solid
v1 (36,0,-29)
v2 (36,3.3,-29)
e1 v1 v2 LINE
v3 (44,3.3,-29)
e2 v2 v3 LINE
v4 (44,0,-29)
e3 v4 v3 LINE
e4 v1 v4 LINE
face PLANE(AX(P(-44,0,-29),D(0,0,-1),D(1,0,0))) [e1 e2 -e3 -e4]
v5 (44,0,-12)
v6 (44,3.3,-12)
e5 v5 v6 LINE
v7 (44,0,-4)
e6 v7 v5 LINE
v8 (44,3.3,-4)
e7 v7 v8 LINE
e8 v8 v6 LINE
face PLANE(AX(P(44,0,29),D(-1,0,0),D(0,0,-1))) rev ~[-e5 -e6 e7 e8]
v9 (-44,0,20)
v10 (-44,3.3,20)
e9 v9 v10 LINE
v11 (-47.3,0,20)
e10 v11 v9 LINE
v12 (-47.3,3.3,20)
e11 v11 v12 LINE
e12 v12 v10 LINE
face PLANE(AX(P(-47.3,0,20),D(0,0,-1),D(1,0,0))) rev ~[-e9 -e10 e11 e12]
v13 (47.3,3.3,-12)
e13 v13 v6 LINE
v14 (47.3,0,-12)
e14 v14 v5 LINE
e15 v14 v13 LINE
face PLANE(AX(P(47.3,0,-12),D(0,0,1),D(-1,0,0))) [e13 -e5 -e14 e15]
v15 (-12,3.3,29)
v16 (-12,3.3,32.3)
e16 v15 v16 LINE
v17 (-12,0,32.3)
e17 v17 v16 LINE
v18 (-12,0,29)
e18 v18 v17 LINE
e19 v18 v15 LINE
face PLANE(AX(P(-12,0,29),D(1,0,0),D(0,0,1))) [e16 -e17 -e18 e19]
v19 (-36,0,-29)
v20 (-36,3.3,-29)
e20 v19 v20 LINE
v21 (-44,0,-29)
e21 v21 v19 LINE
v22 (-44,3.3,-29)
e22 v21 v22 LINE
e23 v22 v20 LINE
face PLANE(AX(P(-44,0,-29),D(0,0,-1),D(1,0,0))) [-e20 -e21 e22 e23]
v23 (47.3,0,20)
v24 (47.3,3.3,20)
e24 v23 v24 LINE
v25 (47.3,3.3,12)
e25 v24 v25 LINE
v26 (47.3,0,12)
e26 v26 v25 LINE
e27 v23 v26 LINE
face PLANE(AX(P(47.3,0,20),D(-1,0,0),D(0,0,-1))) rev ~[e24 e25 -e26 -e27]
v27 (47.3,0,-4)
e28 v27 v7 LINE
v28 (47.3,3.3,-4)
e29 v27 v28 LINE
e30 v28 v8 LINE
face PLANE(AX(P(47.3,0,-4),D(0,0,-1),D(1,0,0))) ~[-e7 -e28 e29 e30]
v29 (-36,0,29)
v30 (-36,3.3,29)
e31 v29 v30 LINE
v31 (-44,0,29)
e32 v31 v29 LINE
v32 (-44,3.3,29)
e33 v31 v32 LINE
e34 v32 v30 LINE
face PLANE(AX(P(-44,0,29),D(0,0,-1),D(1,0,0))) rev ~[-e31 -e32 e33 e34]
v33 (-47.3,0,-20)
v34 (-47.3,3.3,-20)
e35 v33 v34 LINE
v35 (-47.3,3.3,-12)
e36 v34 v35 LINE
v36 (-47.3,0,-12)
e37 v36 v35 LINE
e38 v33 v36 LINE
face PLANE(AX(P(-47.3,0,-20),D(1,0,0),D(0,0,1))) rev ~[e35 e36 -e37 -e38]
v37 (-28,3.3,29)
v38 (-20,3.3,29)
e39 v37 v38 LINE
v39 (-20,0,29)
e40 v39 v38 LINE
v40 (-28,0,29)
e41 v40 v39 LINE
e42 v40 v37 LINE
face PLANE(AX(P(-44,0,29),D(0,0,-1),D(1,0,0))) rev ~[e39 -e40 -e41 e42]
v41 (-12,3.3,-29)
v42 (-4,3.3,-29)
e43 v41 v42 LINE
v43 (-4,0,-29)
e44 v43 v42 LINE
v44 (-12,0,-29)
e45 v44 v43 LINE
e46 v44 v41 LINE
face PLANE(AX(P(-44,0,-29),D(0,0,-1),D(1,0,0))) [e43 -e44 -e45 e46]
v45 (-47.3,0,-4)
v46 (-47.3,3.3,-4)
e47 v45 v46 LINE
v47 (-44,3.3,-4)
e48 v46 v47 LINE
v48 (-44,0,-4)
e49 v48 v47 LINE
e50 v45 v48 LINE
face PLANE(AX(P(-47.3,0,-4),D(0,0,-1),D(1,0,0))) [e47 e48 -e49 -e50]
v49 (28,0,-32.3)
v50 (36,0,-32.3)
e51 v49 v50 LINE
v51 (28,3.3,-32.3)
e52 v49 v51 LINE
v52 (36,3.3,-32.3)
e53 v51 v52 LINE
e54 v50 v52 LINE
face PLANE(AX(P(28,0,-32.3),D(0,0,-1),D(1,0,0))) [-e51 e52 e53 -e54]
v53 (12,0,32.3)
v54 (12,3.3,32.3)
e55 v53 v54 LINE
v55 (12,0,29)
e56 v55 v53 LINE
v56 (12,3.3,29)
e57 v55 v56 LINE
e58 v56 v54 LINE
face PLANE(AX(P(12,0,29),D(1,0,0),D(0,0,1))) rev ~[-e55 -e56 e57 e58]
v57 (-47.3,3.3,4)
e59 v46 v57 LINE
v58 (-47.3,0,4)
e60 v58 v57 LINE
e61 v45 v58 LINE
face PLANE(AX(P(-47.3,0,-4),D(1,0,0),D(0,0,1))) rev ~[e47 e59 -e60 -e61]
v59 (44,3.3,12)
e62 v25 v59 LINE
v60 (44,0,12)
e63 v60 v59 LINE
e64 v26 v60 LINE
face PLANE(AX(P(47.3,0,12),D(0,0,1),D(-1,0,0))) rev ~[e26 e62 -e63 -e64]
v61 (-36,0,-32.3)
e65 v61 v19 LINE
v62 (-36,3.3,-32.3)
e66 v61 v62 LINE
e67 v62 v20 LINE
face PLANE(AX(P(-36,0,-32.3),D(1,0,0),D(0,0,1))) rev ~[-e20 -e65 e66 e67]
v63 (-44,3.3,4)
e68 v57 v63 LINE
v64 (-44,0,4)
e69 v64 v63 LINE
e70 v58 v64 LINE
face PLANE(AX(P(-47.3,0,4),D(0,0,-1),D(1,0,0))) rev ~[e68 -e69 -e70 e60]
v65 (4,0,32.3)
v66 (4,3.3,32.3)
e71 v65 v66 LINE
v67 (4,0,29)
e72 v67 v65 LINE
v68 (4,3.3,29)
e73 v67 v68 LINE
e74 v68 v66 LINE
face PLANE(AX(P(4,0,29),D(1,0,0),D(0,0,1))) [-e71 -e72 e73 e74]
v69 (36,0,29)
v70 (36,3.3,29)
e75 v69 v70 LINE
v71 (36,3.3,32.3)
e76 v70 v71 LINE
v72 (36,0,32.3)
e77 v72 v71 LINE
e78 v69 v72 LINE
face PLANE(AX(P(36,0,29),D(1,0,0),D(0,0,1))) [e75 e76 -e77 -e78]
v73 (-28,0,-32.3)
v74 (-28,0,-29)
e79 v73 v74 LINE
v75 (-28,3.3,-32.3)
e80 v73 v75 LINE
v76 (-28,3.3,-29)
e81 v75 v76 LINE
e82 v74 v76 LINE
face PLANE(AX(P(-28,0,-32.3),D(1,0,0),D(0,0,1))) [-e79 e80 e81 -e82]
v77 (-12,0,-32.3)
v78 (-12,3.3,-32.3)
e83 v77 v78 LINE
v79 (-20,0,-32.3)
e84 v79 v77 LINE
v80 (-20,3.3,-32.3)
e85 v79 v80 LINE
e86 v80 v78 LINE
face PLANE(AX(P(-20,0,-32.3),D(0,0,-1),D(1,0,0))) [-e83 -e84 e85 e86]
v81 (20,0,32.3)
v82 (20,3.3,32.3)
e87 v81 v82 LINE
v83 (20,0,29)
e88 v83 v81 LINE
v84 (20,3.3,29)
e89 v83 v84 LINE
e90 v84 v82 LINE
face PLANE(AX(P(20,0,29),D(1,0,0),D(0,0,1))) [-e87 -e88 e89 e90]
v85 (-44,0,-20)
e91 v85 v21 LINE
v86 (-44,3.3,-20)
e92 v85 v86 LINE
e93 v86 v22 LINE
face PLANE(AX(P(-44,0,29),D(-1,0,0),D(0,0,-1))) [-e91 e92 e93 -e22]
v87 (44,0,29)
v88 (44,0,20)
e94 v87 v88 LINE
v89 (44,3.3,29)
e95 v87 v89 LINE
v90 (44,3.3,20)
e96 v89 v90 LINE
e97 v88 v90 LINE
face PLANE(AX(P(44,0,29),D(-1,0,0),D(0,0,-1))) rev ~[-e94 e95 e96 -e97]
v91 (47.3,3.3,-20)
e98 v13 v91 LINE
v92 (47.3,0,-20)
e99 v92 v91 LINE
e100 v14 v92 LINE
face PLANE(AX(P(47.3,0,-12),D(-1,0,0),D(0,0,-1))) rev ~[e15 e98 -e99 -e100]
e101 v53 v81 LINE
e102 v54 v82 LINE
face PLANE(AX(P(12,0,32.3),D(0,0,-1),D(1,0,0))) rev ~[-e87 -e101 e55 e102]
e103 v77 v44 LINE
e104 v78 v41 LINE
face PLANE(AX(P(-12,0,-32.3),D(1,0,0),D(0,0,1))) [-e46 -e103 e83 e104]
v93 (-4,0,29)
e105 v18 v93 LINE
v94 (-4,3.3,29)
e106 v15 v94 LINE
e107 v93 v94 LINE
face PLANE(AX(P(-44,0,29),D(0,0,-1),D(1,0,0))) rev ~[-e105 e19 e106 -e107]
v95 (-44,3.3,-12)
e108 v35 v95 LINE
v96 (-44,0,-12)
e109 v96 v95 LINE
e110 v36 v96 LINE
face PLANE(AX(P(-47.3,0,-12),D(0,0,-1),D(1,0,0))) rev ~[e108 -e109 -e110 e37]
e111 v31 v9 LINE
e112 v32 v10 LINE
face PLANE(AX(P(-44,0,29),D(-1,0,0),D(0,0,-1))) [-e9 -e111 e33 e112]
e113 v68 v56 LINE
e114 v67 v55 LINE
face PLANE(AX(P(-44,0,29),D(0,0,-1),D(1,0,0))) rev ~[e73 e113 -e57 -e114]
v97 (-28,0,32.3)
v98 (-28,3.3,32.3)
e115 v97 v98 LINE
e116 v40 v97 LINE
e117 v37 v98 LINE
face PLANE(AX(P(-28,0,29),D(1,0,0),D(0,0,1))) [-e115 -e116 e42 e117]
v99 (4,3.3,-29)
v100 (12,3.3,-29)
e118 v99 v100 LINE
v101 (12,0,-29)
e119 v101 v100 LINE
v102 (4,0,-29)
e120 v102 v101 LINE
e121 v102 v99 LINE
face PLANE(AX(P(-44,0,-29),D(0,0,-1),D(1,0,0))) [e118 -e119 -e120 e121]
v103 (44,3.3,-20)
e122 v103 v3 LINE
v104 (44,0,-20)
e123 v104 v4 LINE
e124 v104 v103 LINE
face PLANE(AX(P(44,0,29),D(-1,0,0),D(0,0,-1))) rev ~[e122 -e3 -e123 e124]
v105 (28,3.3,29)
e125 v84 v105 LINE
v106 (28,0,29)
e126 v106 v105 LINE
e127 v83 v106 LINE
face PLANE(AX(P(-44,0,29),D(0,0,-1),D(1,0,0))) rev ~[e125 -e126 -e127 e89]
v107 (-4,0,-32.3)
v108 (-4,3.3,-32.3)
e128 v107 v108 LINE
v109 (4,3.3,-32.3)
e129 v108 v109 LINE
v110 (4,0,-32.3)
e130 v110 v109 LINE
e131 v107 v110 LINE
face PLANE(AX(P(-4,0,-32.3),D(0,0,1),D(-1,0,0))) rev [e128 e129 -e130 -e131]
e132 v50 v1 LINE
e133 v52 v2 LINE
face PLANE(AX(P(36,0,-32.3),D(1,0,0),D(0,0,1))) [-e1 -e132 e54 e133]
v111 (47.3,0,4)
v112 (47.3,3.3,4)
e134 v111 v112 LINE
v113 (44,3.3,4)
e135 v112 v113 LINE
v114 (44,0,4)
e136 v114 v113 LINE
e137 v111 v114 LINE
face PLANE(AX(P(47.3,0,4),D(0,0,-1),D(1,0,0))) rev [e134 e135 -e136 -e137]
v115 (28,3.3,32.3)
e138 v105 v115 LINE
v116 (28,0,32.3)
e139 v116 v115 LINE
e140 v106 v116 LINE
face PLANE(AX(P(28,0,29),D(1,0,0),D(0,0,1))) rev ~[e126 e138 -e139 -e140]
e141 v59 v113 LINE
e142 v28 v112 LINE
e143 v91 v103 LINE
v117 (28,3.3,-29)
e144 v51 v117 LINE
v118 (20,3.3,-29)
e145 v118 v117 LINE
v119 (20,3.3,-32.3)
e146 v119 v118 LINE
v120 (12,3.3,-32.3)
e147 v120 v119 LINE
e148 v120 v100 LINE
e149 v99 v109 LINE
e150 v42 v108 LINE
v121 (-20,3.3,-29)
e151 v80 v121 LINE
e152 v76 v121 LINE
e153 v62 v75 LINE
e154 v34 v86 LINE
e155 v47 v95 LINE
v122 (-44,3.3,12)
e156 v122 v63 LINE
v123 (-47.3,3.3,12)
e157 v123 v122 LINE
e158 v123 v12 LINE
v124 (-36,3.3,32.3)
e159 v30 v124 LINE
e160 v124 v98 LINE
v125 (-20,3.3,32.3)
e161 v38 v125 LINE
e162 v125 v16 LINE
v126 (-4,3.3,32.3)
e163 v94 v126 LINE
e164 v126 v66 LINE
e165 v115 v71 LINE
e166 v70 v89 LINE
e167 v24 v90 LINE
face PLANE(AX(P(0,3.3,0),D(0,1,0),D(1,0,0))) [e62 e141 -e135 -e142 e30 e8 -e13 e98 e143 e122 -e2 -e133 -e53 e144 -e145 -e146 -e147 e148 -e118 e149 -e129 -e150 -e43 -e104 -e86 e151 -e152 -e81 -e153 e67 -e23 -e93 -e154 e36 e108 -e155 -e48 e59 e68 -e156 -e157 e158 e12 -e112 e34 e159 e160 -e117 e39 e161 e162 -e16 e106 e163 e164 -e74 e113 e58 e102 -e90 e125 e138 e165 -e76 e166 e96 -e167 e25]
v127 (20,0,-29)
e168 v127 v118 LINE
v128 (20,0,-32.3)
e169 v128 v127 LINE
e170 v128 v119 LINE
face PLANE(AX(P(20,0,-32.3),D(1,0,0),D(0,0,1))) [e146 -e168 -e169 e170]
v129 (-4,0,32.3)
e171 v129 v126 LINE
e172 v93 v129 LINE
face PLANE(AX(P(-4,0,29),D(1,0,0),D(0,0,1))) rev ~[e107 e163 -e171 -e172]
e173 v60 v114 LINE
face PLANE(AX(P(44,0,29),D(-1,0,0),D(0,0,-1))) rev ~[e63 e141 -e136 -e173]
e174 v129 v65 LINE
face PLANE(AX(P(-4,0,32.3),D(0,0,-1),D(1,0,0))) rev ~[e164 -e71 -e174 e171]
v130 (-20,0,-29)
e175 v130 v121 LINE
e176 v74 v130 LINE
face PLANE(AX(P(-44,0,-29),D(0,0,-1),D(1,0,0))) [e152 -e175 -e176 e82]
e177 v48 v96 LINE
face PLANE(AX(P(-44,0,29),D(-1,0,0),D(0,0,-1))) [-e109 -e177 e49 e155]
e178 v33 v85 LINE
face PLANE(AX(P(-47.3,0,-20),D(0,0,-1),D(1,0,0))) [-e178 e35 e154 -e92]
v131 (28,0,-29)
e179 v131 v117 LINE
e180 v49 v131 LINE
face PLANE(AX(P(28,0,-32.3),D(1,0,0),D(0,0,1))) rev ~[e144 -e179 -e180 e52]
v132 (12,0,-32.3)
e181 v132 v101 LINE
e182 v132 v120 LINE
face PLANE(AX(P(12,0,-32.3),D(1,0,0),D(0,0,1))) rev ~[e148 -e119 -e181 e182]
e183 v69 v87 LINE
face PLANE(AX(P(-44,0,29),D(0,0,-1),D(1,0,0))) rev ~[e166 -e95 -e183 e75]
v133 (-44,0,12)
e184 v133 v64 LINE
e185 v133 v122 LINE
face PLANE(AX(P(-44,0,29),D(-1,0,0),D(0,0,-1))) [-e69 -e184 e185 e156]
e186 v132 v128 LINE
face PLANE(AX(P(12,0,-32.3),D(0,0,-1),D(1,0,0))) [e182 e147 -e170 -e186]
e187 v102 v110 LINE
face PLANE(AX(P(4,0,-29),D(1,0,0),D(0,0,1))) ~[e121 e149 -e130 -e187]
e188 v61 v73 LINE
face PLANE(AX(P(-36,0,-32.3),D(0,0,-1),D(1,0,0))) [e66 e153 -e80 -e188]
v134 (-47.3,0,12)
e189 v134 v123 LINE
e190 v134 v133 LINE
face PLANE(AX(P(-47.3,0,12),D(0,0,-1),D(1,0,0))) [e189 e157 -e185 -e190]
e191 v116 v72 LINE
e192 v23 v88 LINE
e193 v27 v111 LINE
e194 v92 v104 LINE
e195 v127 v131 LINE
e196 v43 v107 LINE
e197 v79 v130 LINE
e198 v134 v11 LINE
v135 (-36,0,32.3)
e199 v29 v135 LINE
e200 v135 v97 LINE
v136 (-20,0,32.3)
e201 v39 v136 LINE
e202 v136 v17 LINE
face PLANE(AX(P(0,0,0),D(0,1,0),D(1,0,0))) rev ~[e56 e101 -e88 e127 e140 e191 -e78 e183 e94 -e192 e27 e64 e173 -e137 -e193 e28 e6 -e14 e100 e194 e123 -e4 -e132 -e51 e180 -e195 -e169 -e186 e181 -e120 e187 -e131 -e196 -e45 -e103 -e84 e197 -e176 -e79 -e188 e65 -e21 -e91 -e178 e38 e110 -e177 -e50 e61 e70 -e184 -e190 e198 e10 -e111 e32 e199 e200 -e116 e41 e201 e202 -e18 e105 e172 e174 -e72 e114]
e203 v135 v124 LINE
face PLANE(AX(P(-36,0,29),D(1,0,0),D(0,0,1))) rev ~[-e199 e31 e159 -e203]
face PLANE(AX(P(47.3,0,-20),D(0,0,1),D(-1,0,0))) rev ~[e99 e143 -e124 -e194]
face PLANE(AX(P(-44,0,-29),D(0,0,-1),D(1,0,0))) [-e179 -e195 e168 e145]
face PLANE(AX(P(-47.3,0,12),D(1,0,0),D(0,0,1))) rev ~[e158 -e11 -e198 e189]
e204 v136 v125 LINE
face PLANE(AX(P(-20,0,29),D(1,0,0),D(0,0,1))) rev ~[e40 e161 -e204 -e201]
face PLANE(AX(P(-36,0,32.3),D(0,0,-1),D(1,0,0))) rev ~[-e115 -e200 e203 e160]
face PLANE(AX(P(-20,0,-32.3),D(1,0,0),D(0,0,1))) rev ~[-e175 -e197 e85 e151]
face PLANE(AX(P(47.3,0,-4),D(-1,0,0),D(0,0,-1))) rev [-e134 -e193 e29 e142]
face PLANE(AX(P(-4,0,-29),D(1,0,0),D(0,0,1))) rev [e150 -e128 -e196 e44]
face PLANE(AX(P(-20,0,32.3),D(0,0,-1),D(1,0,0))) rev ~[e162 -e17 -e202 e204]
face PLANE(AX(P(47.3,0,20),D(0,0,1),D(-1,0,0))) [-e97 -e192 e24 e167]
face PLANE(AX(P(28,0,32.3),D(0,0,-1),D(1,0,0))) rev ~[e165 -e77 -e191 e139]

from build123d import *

# Parameters (mm, degrees)
ESQUISSE4_W                    = 88
ESQUISSE4_H                    = 58
BOSS_EXTRU_3_DEPTH             = 3.3
ESQUISSE5_W                    = 8
ESQUISSE5_H                    = 3.3
BOSS_EXTRU_6_DEPTH             = 3.3
R_P_TITION_LIN_AIRE2_COUNT     = 3
R_P_TITION_LIN_AIRE2_PITCH     = 16
R_P_TITION_LIN_AIRE2_COL_COUNT = 3
R_P_TITION_LIN_AIRE2_COL_PITCH = 16
SYM_TRIE1_COPY_1_SKETCH_W      = 8
SYM_TRIE1_COPY_1_SKETCH_H      = 3.3
SYM_TRIE1_COPY_1_DEPTH         = 3.3
SYM_TRIE1_COPY_2_SKETCH_W      = 8
SYM_TRIE1_COPY_2_SKETCH_H      = 3.3
SYM_TRIE1_COPY_2_DEPTH         = 3.3
SYM_TRIE1_COPY_3_SKETCH_W      = 8
SYM_TRIE1_COPY_3_SKETCH_H      = 3.3
SYM_TRIE1_COPY_3_DEPTH         = 3.3
SYM_TRIE1_COPY_4_SKETCH_W      = 8
SYM_TRIE1_COPY_4_SKETCH_H      = 3.3
SYM_TRIE1_COPY_4_DEPTH         = 3.3
ESQUISSE6_W                    = 3.3
ESQUISSE6_H                    = 8
BOSS_EXTRU_7_DEPTH             = 3.3
R_P_TITION_LIN_AIRE3_COUNT     = 2
R_P_TITION_LIN_AIRE3_PITCH     = 16
R_P_TITION_LIN_AIRE3_COL_COUNT = 2
R_P_TITION_LIN_AIRE3_COL_PITCH = 16
SYM_TRIE2_COPY_1_SKETCH_W      = 3.3
SYM_TRIE2_COPY_1_SKETCH_H      = 8
SYM_TRIE2_COPY_1_DEPTH         = 3.3
SYM_TRIE2_COPY_2_SKETCH_W      = 3.3
SYM_TRIE2_COPY_2_SKETCH_H      = 8
SYM_TRIE2_COPY_2_DEPTH         = 3.3


with BuildPart() as part:
    # Esquisse4 → Boss.-Extru.3 (new body)
    with BuildSketch(Plane(origin=(0, 0, 0), x_dir=(1, 0, 0), z_dir=(0, 1, 0))):
        Rectangle(ESQUISSE4_W, ESQUISSE4_H)
    extrude(amount=BOSS_EXTRU_3_DEPTH)

    # Esquisse5 → Boss.-Extru.6 (add)
    with BuildSketch(Plane.XZ):
        with Locations((0, 30.65)):
            Rectangle(ESQUISSE5_W, ESQUISSE5_H)
    boss_extru_6 = extrude(amount=-BOSS_EXTRU_6_DEPTH)

    # Répétition linéaire2: Boss.-Extru.6 ×3
    with Locations(*[(-i * R_P_TITION_LIN_AIRE2_PITCH, 0, 0) for i in range(1, R_P_TITION_LIN_AIRE2_COUNT)]):
        add(boss_extru_6)

    # Répétition linéaire2 col: Boss.-Extru.6 ×3
    with Locations(*[(i * R_P_TITION_LIN_AIRE2_COL_PITCH, 0, 0) for i in range(1, R_P_TITION_LIN_AIRE2_COL_COUNT)]):
        add(boss_extru_6)

    # Symétrie1: Boss.-Extru.6 across plane
    add(boss_extru_6.mirror(Plane.XY))

    # Symétrie1 copy 1 sketch → Symétrie1 copy 1 (add)
    with BuildSketch(Plane(origin=(-16, 0, 0), x_dir=(1, 0, 0), z_dir=(0, -1, 0))):
        with Locations((0, -30.65)):
            Rectangle(SYM_TRIE1_COPY_1_SKETCH_W, SYM_TRIE1_COPY_1_SKETCH_H)
    extrude(amount=-SYM_TRIE1_COPY_1_DEPTH)

    # Symétrie1 copy 2 sketch → Symétrie1 copy 2 (add)
    with BuildSketch(Plane(origin=(-32, 0, 0), x_dir=(1, 0, 0), z_dir=(0, -1, 0))):
        with Locations((0, -30.65)):
            Rectangle(SYM_TRIE1_COPY_2_SKETCH_W, SYM_TRIE1_COPY_2_SKETCH_H)
    extrude(amount=-SYM_TRIE1_COPY_2_DEPTH)

    # Symétrie1 copy 3 sketch → Symétrie1 copy 3 (add)
    with BuildSketch(Plane(origin=(16, 0, 0), x_dir=(1, 0, 0), z_dir=(0, -1, 0))):
        with Locations((0, -30.65)):
            Rectangle(SYM_TRIE1_COPY_3_SKETCH_W, SYM_TRIE1_COPY_3_SKETCH_H)
    extrude(amount=-SYM_TRIE1_COPY_3_DEPTH)

    # Symétrie1 copy 4 sketch → Symétrie1 copy 4 (add)
    with BuildSketch(Plane(origin=(32, 0, 0), x_dir=(1, 0, 0), z_dir=(0, -1, 0))):
        with Locations((0, -30.65)):
            Rectangle(SYM_TRIE1_COPY_4_SKETCH_W, SYM_TRIE1_COPY_4_SKETCH_H)
    extrude(amount=-SYM_TRIE1_COPY_4_DEPTH)

    # Esquisse6 → Boss.-Extru.7 (add)
    with BuildSketch(Plane.XZ):
        with Locations((-45.65, 0)):
            Rectangle(ESQUISSE6_W, ESQUISSE6_H)
    boss_extru_7 = extrude(amount=-BOSS_EXTRU_7_DEPTH)

    # Répétition linéaire3: Boss.-Extru.7 ×2
    with Locations(*[(0, 0, i * R_P_TITION_LIN_AIRE3_PITCH) for i in range(1, R_P_TITION_LIN_AIRE3_COUNT)]):
        add(boss_extru_7)

    # Répétition linéaire3 col: Boss.-Extru.7 ×2
    with Locations(*[(0, 0, -i * R_P_TITION_LIN_AIRE3_COL_PITCH) for i in range(1, R_P_TITION_LIN_AIRE3_COL_COUNT)]):
        add(boss_extru_7)

    # Symétrie2: Boss.-Extru.7 across plane
    add(boss_extru_7.mirror(Plane(origin=(0, 0, 0), x_dir=(0, 0, 1), z_dir=(1, 0, 0))))

    # Symétrie2 copy 1 sketch → Symétrie2 copy 1 (add)
    with BuildSketch(Plane(origin=(0, 0, 16), x_dir=(-1, 0, 0), z_dir=(0, -1, 0))):
        with Locations((-45.65, 0)):
            Rectangle(SYM_TRIE2_COPY_1_SKETCH_W, SYM_TRIE2_COPY_1_SKETCH_H)
    extrude(amount=-SYM_TRIE2_COPY_1_DEPTH)

    # Symétrie2 copy 2 sketch → Symétrie2 copy 2 (add)
    with BuildSketch(Plane(origin=(0, 0, -16), x_dir=(-1, 0, 0), z_dir=(0, -1, 0))):
        with Locations((-45.65, 0)):
            Rectangle(SYM_TRIE2_COPY_2_SKETCH_W, SYM_TRIE2_COPY_2_SKETCH_H)
    extrude(amount=-SYM_TRIE2_COPY_2_DEPTH)


solid = part.part
